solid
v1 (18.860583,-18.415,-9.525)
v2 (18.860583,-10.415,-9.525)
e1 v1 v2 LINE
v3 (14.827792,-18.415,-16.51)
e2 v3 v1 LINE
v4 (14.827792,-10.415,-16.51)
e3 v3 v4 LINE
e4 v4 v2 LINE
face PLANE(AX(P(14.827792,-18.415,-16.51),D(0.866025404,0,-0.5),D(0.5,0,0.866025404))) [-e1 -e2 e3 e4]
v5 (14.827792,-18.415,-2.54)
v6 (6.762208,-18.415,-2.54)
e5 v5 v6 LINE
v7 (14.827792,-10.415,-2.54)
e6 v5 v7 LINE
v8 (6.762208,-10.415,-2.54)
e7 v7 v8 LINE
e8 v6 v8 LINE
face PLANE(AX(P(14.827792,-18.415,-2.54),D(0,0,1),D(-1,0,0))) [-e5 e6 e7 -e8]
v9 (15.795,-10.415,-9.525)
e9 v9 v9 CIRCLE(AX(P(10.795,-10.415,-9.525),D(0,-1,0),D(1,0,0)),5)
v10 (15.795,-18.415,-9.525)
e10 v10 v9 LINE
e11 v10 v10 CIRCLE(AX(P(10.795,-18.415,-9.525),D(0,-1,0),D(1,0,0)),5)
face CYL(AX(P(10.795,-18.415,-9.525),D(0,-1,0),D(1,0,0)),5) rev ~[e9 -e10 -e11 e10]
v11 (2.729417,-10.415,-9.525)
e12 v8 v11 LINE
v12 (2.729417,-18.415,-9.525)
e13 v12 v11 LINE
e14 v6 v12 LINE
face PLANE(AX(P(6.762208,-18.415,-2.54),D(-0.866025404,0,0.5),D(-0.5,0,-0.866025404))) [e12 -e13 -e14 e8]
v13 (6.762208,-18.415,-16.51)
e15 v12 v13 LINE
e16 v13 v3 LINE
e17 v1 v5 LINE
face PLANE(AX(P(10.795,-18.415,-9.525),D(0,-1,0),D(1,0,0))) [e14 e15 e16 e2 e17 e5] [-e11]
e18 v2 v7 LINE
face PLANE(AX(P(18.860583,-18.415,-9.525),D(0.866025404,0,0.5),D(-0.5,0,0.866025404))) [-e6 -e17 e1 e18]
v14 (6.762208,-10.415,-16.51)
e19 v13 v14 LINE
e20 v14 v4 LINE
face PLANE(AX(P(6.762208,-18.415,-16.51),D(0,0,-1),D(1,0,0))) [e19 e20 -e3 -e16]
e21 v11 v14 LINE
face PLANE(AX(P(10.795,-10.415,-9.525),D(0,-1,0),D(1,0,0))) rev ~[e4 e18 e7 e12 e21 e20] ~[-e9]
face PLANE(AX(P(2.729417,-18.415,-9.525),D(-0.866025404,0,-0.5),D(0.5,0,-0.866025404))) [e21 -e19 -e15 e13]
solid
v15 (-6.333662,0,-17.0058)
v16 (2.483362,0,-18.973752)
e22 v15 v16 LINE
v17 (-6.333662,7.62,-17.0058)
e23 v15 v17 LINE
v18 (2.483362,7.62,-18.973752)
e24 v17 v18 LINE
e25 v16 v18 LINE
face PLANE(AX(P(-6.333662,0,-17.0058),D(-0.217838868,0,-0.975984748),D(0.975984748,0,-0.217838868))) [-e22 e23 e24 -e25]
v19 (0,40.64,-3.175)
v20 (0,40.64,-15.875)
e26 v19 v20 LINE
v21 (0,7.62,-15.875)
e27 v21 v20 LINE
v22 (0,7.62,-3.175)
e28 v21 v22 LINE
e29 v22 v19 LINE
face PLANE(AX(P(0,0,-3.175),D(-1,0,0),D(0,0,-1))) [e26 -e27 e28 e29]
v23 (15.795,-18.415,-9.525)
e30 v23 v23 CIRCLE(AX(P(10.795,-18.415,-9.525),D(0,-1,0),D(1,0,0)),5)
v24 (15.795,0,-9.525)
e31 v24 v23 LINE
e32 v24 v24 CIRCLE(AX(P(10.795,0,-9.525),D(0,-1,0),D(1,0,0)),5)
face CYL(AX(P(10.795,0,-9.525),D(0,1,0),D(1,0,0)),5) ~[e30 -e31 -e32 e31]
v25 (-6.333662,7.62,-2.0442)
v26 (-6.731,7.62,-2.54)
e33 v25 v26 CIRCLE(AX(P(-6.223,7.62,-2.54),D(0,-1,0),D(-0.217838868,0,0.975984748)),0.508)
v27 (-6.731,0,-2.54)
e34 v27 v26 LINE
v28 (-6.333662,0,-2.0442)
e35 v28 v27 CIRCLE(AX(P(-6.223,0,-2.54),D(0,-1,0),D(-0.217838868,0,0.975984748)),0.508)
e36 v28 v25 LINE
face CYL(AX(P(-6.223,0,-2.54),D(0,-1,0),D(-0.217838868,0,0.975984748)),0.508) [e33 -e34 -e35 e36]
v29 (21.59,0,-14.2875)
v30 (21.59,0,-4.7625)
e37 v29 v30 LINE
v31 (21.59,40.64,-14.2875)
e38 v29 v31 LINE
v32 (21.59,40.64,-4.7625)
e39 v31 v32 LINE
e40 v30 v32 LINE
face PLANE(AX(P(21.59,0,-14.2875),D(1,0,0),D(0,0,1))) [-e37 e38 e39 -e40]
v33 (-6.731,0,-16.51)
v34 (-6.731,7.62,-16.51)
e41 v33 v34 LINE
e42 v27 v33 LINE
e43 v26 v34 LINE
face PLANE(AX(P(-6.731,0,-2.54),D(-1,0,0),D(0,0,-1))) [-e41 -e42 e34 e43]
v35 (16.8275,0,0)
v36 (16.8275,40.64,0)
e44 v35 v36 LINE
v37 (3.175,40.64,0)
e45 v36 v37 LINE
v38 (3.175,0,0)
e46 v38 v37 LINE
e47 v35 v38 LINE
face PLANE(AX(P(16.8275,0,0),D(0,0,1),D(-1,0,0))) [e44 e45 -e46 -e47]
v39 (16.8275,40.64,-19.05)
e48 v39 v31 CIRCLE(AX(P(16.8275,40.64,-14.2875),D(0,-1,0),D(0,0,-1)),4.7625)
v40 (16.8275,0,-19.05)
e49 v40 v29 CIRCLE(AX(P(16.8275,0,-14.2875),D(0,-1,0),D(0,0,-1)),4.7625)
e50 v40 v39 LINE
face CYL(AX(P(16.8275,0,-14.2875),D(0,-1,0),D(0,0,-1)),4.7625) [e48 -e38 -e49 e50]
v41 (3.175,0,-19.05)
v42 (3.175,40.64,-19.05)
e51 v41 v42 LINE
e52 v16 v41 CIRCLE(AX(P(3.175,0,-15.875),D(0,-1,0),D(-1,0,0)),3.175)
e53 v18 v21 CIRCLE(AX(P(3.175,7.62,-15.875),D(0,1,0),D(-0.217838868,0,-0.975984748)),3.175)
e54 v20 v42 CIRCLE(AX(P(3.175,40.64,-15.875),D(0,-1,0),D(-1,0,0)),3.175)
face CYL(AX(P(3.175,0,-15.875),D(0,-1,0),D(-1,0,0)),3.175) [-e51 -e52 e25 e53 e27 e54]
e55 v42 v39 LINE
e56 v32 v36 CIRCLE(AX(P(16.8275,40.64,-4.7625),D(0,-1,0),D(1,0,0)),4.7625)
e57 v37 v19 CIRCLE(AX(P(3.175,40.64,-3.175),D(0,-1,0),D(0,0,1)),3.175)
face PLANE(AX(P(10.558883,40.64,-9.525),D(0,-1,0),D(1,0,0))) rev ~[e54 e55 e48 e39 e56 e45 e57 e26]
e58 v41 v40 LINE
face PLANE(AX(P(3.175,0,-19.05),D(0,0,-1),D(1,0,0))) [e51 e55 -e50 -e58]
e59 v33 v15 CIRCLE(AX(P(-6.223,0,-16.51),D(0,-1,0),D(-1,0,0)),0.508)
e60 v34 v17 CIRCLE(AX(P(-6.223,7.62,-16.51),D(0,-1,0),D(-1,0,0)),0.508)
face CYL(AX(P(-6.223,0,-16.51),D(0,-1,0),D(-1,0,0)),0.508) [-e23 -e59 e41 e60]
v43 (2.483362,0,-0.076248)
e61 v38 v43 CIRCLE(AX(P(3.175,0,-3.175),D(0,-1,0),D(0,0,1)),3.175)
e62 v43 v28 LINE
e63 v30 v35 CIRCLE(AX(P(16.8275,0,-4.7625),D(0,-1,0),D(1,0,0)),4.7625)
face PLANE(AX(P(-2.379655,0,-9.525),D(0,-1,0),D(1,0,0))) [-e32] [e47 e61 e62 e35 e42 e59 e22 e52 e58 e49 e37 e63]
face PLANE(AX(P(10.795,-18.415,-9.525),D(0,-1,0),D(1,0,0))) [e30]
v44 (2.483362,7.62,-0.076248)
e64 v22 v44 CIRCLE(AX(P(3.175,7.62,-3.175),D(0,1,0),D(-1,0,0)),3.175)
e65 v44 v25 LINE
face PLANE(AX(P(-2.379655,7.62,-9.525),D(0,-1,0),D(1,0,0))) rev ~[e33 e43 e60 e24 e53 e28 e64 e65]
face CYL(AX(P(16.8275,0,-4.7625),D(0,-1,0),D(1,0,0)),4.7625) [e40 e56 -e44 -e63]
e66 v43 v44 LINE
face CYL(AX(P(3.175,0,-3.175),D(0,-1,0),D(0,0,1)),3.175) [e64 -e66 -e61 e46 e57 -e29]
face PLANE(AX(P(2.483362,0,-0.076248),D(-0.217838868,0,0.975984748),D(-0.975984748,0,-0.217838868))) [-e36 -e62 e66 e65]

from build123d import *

# Parameters (mm, degrees)
F1_DEPTH = 40.64
F2_R     = 5
F3_DEPTH = 18.415
F5_DEPTH = 7.62
F6_R     = 5
F7_DEPTH = 8


with BuildPart() as f1:
    # F0 (on Front) → F1 (new body)
    with BuildSketch(Plane.XZ):
        with BuildLine():
            Line((16.8275, 0), (3.175, 0))
            ThreePointArc((3.175, 0), (0.9299359697, -0.9299359697), (0, -3.175))
            Line((0, -3.175), (0, -15.875))
            ThreePointArc((0, -15.875), (0.9299359697, -18.1200640303), (3.175, -19.05))
            Line((3.175, -19.05), (16.8275, -19.05))
            ThreePointArc((16.8275, -19.05), (20.1950960454, -17.6550960454), (21.59, -14.2875))
            Line((21.59, -14.2875), (21.59, -4.7625))
            ThreePointArc((21.59, -4.7625), (20.1950960454, -1.3949039546), (16.8275, 0))
        make_face()
    extrude(amount=-F1_DEPTH)

    # F2 (on face) → F3 (join)
    with BuildSketch(Plane.XZ):
        with Locations((10.795, -9.525)):
            Circle(F2_R)
    extrude(amount=F3_DEPTH)

    # F4 (on face) → F5 (join)
    with BuildSketch(Plane.XZ):
        with BuildLine():
            ThreePointArc((0, -3.175), (0.6974430438, -1.1894682001), (2.4833615928, -0.0762484266))
            Line((2.4833615928, -0.0762484266), (-6.3336621452, -2.0441997483))
            ThreePointArc((-6.3336621452, -2.0441997483), (-6.619409113, -2.222314912), (-6.731, -2.54))
            Line((-6.731, -2.54), (-6.731, -16.51))
            ThreePointArc((-6.731, -16.51), (-6.619409113, -16.827685088), (-6.3336621452, -17.0058002517))
            Line((-6.3336621452, -17.0058002517), (2.4833615928, -18.9737515734))
            ThreePointArc((2.4833615928, -18.9737515734), (0.6974430438, -17.8605317999), (0, -15.875))
            Line((0, -15.875), (0, -3.175))
        make_face()
    extrude(amount=-F5_DEPTH)


with BuildPart() as f7:
    # F6 (on face) → F7 (new body)
    with BuildSketch(Plane.XZ.offset(18.415)):
        Polygon((14.8277916303, -2.54), (6.7622083697, -2.54), (2.7294167394, -9.525), (6.7622083697, -16.51), (14.8277916303, -16.51), (18.8605832606, -9.525), align=None)
        with Locations((10.795, -9.525)):
            Circle(F6_R, mode=Mode.SUBTRACT)
    extrude(amount=-F7_DEPTH)


solid = Compound([f1.part, f7.part])
